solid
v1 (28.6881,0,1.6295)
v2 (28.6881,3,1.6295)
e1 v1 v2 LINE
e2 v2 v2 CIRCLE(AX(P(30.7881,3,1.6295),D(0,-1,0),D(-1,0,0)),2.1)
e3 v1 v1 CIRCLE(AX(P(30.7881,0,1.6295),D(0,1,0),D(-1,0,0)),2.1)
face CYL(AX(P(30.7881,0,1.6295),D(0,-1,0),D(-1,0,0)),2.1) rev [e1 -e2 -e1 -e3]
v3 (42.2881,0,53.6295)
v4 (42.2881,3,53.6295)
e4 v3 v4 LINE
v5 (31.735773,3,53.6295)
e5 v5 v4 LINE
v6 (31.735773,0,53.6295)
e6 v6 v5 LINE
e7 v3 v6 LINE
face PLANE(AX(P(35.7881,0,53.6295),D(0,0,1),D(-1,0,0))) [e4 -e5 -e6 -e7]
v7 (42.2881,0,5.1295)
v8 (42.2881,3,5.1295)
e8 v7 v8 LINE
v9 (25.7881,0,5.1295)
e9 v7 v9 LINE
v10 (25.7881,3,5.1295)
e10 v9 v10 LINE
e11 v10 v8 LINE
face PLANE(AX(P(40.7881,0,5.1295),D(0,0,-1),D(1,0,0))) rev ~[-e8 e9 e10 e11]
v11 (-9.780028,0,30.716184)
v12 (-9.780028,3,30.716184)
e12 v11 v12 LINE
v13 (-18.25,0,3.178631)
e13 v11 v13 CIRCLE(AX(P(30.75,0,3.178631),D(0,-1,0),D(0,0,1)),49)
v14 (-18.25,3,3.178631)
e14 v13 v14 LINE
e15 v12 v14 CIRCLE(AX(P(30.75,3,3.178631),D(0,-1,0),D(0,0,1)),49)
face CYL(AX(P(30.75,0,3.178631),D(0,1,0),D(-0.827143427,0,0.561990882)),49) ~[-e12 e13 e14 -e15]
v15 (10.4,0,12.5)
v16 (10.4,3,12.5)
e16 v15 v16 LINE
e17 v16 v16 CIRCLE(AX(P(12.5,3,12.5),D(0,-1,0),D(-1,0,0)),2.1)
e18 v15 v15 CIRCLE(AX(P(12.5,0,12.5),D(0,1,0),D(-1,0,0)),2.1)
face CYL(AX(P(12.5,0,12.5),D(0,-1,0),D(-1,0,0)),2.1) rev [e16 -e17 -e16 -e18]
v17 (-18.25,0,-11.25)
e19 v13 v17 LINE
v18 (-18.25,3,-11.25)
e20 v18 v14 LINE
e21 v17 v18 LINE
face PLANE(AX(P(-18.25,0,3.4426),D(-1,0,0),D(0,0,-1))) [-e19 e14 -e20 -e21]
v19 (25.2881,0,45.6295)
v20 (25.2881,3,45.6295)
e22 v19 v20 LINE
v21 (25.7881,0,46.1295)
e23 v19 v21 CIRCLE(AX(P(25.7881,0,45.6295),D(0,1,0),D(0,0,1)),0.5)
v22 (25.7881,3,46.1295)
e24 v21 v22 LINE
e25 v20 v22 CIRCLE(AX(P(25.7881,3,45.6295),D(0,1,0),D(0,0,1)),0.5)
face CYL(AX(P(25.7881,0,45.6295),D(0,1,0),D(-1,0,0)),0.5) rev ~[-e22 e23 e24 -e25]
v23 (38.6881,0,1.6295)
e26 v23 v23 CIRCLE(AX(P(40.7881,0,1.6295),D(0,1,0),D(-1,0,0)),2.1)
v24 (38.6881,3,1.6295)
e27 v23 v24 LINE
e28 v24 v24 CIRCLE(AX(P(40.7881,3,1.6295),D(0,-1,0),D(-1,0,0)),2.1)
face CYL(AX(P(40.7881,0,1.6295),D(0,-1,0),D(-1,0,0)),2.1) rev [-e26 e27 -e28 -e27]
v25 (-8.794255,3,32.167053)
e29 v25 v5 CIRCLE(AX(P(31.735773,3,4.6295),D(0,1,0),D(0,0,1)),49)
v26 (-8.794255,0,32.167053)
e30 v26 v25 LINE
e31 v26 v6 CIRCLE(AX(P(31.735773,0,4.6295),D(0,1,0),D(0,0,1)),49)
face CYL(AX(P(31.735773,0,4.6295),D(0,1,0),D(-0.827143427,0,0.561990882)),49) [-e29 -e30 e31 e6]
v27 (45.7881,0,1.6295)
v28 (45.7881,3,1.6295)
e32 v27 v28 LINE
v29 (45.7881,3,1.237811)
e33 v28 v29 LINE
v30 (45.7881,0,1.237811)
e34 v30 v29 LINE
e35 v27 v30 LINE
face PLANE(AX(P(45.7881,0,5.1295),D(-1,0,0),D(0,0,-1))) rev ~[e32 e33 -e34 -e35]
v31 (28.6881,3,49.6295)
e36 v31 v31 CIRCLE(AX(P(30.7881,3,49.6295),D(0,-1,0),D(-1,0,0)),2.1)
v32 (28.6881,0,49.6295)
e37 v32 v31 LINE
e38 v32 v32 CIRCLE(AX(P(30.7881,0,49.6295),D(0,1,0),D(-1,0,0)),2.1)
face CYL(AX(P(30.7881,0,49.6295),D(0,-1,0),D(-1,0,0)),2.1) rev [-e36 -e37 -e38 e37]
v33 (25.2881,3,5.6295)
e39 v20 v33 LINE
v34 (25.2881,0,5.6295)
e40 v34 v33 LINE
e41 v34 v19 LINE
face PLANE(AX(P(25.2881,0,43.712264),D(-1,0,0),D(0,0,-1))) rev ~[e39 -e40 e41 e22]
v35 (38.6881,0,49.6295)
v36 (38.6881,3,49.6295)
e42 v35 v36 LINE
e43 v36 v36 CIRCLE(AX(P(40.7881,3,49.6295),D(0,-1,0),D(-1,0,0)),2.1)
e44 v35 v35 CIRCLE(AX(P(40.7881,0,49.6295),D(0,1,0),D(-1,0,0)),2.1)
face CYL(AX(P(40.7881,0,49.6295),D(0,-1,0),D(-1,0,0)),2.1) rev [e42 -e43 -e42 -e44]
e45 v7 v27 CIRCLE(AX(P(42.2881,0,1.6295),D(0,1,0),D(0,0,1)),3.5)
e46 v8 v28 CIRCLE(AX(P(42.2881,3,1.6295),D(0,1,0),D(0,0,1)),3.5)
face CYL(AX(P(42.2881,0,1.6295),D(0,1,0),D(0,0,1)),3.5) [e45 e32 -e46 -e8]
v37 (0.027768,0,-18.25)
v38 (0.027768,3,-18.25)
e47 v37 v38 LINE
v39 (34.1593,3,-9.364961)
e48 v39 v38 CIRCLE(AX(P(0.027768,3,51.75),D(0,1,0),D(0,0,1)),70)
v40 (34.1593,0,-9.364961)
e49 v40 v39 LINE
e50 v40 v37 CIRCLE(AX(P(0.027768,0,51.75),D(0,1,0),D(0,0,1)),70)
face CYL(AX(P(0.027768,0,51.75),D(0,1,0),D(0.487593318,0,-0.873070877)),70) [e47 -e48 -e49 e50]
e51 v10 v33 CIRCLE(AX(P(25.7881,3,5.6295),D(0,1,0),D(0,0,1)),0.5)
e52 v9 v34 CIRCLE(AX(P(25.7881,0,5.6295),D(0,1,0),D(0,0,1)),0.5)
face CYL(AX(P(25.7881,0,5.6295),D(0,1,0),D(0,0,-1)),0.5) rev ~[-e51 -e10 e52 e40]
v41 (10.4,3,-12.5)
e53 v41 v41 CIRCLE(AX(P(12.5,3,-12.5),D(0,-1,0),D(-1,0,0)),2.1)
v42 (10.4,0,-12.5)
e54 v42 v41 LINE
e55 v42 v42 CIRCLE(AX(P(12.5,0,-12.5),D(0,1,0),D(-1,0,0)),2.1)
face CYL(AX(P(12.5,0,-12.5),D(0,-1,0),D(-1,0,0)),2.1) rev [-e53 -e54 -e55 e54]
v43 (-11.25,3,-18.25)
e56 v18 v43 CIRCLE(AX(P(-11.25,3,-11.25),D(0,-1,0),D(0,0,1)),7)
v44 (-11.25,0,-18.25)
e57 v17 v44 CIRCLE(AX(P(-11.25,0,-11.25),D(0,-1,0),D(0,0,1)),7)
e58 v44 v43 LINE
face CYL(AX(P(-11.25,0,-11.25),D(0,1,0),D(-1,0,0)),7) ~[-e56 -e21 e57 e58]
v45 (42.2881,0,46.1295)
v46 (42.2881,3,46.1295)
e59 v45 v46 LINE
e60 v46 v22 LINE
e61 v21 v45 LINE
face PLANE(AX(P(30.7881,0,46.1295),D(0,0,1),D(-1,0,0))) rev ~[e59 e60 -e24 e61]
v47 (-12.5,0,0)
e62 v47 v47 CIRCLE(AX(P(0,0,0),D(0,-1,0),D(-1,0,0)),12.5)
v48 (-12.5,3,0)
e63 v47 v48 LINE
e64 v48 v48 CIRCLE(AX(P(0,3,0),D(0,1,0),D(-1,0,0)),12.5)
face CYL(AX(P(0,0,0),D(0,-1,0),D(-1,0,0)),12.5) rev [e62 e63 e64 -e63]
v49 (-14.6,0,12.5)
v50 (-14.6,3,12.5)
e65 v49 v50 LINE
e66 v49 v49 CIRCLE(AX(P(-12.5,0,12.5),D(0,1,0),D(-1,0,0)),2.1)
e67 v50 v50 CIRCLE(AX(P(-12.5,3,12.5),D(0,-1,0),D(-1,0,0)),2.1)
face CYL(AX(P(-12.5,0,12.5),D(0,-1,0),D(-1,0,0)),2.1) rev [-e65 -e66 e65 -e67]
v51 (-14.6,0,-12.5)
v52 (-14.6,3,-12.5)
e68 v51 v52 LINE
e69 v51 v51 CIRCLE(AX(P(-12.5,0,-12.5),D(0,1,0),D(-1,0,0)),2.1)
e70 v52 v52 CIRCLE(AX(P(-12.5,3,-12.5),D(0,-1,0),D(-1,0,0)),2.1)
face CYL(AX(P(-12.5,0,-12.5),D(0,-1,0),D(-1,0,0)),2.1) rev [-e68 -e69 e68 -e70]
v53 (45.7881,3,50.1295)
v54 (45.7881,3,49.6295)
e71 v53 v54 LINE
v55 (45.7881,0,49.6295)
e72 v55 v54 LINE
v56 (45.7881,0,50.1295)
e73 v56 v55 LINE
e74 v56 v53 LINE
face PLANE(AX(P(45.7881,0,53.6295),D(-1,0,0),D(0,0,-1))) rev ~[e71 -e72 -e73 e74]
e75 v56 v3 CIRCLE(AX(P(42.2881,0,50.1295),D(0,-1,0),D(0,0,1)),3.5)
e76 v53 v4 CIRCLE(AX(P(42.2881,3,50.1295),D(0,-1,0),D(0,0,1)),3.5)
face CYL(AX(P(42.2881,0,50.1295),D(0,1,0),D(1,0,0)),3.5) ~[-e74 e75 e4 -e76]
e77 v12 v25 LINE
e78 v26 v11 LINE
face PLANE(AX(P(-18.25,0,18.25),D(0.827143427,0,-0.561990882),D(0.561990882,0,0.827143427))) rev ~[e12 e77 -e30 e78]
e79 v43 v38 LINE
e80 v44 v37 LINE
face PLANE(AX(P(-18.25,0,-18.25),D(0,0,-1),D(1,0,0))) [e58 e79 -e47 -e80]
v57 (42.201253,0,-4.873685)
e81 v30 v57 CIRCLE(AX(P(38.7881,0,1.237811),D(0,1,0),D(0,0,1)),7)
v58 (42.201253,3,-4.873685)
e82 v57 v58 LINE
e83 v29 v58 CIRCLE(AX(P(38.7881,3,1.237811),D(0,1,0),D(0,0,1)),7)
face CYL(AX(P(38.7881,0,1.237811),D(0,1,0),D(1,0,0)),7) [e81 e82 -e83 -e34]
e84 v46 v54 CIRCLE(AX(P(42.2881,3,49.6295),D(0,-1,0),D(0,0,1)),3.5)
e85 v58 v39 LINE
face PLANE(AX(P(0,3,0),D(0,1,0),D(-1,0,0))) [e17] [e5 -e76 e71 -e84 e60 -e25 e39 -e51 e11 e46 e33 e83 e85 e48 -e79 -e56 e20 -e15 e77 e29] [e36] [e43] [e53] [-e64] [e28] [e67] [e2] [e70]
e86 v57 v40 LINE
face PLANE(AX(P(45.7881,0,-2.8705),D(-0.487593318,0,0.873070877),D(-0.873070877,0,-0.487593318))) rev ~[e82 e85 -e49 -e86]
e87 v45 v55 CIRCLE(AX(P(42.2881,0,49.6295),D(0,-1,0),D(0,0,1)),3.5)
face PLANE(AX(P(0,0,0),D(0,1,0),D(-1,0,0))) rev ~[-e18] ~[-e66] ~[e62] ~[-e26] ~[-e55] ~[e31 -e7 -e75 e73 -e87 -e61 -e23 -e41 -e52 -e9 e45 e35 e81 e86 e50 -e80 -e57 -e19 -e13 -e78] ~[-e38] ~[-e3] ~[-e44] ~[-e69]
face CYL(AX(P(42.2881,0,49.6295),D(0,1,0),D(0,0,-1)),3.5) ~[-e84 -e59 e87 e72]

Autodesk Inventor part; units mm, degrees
ref_plane "YZ Plane" through (0, 0, 0) normal (1, 0, 0) x (0, 1, 0)
ref_plane "XZ Plane" through (0, 0, 0) normal (0, 1, 0) x (-1, 0, 0)
ref_plane "XY Plane" through (0, 0, 0) normal (0, 0, 1) x (1, 0, 0)
sketch "Szkic1" plane through (0, 0, 0) normal (0, 1, 0) x (-1, 0, 0)
  circle A0 centre (0, 0) radius 12.5
  line L0 (-12.5, 12.5) -> (12.5, 12.5)
  line L1 (12.5, 12.5) -> (12.5, -12.5)
  line L2 (12.5, -12.5) -> (-12.5, -12.5)
  line L3 (-12.5, -12.5) -> (-12.5, 12.5)
  line L4 (-12.5, 12.5) -> (12.5, -12.5) construction
  line L5 (12.5, 12.5) -> (-12.5, -12.5) construction
  circle A1 centre (12.5, -12.5) radius 2.1
  circle A2 centre (-12.5, -12.5) radius 2.1
  circle A3 centre (-12.5, 12.5) radius 2.1
  circle A4 centre (12.5, 12.5) radius 2.1
  circle A5 centre (0, 0) radius 50.5
  line L6 (-25, 3.4426) -> (25, 3.4426)
  line L7 (25, 3.4426) -> (25, -3.4426)
  line L8 (25, -3.4426) -> (-25, -3.4426)
  line L9 (-25, -3.4426) -> (-25, 3.4426)
  line L10 (-25, 3.4426) -> (25, -3.4426) construction
  line L11 (25, 3.4426) -> (-25, -3.4426) construction
  circle A6 centre (-35.7881, 35.6295) radius 3
  line L12 (-35.7881, 38.6295) -> (-35.7881, 45.6295)
  line L13 (-35.7881, 32.6295) -> (-35.7881, 5.6295)
  line L14 (-35.7881, 5.6295) -> (-35.7881, 25.6295)
  line L15 (-45.7881, 45.6295) -> (-25.7881, 45.6295)
  line L16 (-25.7881, 45.6295) -> (-25.7881, 5.6295)
  line L17 (-25.7881, 5.6295) -> (-45.7881, 5.6295)
  line L18 (-45.7881, 5.6295) -> (-45.7881, 45.6295)
  line L19 (-45.7881, 45.6295) -> (-25.7881, 5.6295) construction
  line L20 (-25.7881, 45.6295) -> (-45.7881, 5.6295) construction
  line L21 (-40.7881, 49.6295) -> (-30.7881, 49.6295)
  line L22 (-30.7881, 49.6295) -> (-30.7881, 1.6295)
  line L23 (-30.7881, 1.6295) -> (-40.7881, 1.6295)
  line L24 (-40.7881, 1.6295) -> (-40.7881, 49.6295)
  line L25 (-40.7881, 49.6295) -> (-30.7881, 1.6295) construction
  line L26 (-30.7881, 49.6295) -> (-40.7881, 1.6295) construction
  circle A7 centre (-30.7881, 1.6295) radius 2.1
  circle A8 centre (-40.7881, 1.6295) radius 2.1
  circle A9 centre (-40.7881, 49.6295) radius 2.1
  circle A10 centre (-30.7881, 49.6295) radius 2.1
  line L27 (-46.2881, 46.1295) -> (-25.2881, 46.1295)
  line L28 (-25.2881, 46.1295) -> (-25.2881, 5.1295)
  line L29 (-25.2881, 5.1295) -> (-46.2881, 5.1295)
  line L30 (-46.2881, 5.1295) -> (-46.2881, 46.1295)
  line L31 (-46.2881, 46.1295) -> (-25.2881, 5.1295) construction
  line L32 (-25.2881, 46.1295) -> (-46.2881, 5.1295) construction
  line L33 (-35.7881, 45.6295) -> (-35.7881, 53.6295)
  line L34 (-35.7881, 53.6295) -> (-45.7881, 53.6295)
  line L35 (-45.7881, 53.6295) -> (-45.7881, 46.1295)
  line L36 (-35.7881, 53.6295) -> (-5.7881, 53.6295)
  line L37 (-18.25, 18.25) -> (18.25, 18.25)
  line L38 (18.25, 18.25) -> (18.25, -18.25)
  line L39 (18.25, -18.25) -> (-18.25, -18.25)
  line L40 (-18.25, -18.25) -> (-18.25, 18.25)
  line L41 (-18.25, 18.25) -> (18.25, -18.25) construction
  line L42 (18.25, 18.25) -> (-18.25, -18.25) construction
  line L43 (18.25, 18.25) -> (-5.7881, 53.6295)
  line L44 (-45.7881, 5.1295) -> (-45.7881, -2.8705)
  line L45 (-45.7881, -2.8705) -> (-18.25, -18.25)
  dimension "d9" = 101
  dimension "d0" = 25
  dimension "d1" = 25
  dimension "d2" = 25
  dimension "d3" = 4.2
  dimension "d4" = 4.2
  dimension "d5" = 4.2
  dimension "d6" = 4.2
  dimension "d13" = 50
  dimension "d17" = 6
  dimension "d18" = 7
  dimension "d19" = 27
  dimension "d20" = 20
  dimension "d21" = 20
  dimension "d22" = 40
  dimension "d23" = 10
  dimension "d24" = 48
  dimension "d25" = 4.2
  dimension "d26" = 4.2
  dimension "d27" = 4.2
  dimension "d28" = 4.2
  dimension "d29" = 21
  dimension "d30" = 41
  dimension "d31" = 8
  dimension "d32" = 10
  dimension "d33" = 30
  dimension "d34" = 36.5
  dimension "d35" = 36.5
  dimension "d36" = 8
extrude "Wyciągnięcie proste1" add sketch "Szkic1" along normal blind 3 contours L1 L8 A0 | A0 L6 L1 | L1 L6 L38 L8 | A0 L0 A4 L1 L6 | L8 L1 A1 L2 A0 | L1 A4 L0 A3 L3 L6 L40 L37 L38 | L8 L38 L39 L40 L3 A2 L2 A1 L1 | A0 L6 L3 A3 L0 | A0 L3 L6 | L2 A2 L3 L8 A0 | L8 L3 A0 | L3 L8 L40 L6 | L37 L40 L6 L9 L8 L45 L44 L29 L24 A8 L23 A7 L22 L28 A5 L43 | L40 L8 L9 L6 | A5 L28 L27 L22 A10 L21 L33 L36 L43 | L33 L21 A9 L24 L27 L35 L34 | L27 L33 L21 A10 L22 | L22 A7 L23 A8 L24 L29 | L33 L27 L24 A9 L21
fillet "Zaokrąglenie1" radius 0.5 2 edges at (25.2881, 1.5, 5.1295) (25.2881, 1.5, 46.1295)
fillet "Zaokrąglenie3" radius 3.5 3 edges at (45.7881, 1.5, 5.1295) (45.7881, 1.5, 46.1295) (45.7881, 1.5, 53.6295)
fillet "Zaokrąglenie4" radius 7 1 edges at (45.7881, 1.5, -2.8705)
fillet "Zaokrąglenie5" radius 70 1 edges at (18.25, 1.5, -18.25)
fillet "Zaokrąglenie6" radius 49 1 edges at (5.7881, 1.5, 53.6295)
fillet "Zaokrąglenie7" radius 49 1 edges at (-18.25, 1.5, 18.25)
fillet "Zaokrąglenie8" radius 7 1 edges at (-18.25, 1.5, -18.25)
properties part number "plyka zawor servo"
